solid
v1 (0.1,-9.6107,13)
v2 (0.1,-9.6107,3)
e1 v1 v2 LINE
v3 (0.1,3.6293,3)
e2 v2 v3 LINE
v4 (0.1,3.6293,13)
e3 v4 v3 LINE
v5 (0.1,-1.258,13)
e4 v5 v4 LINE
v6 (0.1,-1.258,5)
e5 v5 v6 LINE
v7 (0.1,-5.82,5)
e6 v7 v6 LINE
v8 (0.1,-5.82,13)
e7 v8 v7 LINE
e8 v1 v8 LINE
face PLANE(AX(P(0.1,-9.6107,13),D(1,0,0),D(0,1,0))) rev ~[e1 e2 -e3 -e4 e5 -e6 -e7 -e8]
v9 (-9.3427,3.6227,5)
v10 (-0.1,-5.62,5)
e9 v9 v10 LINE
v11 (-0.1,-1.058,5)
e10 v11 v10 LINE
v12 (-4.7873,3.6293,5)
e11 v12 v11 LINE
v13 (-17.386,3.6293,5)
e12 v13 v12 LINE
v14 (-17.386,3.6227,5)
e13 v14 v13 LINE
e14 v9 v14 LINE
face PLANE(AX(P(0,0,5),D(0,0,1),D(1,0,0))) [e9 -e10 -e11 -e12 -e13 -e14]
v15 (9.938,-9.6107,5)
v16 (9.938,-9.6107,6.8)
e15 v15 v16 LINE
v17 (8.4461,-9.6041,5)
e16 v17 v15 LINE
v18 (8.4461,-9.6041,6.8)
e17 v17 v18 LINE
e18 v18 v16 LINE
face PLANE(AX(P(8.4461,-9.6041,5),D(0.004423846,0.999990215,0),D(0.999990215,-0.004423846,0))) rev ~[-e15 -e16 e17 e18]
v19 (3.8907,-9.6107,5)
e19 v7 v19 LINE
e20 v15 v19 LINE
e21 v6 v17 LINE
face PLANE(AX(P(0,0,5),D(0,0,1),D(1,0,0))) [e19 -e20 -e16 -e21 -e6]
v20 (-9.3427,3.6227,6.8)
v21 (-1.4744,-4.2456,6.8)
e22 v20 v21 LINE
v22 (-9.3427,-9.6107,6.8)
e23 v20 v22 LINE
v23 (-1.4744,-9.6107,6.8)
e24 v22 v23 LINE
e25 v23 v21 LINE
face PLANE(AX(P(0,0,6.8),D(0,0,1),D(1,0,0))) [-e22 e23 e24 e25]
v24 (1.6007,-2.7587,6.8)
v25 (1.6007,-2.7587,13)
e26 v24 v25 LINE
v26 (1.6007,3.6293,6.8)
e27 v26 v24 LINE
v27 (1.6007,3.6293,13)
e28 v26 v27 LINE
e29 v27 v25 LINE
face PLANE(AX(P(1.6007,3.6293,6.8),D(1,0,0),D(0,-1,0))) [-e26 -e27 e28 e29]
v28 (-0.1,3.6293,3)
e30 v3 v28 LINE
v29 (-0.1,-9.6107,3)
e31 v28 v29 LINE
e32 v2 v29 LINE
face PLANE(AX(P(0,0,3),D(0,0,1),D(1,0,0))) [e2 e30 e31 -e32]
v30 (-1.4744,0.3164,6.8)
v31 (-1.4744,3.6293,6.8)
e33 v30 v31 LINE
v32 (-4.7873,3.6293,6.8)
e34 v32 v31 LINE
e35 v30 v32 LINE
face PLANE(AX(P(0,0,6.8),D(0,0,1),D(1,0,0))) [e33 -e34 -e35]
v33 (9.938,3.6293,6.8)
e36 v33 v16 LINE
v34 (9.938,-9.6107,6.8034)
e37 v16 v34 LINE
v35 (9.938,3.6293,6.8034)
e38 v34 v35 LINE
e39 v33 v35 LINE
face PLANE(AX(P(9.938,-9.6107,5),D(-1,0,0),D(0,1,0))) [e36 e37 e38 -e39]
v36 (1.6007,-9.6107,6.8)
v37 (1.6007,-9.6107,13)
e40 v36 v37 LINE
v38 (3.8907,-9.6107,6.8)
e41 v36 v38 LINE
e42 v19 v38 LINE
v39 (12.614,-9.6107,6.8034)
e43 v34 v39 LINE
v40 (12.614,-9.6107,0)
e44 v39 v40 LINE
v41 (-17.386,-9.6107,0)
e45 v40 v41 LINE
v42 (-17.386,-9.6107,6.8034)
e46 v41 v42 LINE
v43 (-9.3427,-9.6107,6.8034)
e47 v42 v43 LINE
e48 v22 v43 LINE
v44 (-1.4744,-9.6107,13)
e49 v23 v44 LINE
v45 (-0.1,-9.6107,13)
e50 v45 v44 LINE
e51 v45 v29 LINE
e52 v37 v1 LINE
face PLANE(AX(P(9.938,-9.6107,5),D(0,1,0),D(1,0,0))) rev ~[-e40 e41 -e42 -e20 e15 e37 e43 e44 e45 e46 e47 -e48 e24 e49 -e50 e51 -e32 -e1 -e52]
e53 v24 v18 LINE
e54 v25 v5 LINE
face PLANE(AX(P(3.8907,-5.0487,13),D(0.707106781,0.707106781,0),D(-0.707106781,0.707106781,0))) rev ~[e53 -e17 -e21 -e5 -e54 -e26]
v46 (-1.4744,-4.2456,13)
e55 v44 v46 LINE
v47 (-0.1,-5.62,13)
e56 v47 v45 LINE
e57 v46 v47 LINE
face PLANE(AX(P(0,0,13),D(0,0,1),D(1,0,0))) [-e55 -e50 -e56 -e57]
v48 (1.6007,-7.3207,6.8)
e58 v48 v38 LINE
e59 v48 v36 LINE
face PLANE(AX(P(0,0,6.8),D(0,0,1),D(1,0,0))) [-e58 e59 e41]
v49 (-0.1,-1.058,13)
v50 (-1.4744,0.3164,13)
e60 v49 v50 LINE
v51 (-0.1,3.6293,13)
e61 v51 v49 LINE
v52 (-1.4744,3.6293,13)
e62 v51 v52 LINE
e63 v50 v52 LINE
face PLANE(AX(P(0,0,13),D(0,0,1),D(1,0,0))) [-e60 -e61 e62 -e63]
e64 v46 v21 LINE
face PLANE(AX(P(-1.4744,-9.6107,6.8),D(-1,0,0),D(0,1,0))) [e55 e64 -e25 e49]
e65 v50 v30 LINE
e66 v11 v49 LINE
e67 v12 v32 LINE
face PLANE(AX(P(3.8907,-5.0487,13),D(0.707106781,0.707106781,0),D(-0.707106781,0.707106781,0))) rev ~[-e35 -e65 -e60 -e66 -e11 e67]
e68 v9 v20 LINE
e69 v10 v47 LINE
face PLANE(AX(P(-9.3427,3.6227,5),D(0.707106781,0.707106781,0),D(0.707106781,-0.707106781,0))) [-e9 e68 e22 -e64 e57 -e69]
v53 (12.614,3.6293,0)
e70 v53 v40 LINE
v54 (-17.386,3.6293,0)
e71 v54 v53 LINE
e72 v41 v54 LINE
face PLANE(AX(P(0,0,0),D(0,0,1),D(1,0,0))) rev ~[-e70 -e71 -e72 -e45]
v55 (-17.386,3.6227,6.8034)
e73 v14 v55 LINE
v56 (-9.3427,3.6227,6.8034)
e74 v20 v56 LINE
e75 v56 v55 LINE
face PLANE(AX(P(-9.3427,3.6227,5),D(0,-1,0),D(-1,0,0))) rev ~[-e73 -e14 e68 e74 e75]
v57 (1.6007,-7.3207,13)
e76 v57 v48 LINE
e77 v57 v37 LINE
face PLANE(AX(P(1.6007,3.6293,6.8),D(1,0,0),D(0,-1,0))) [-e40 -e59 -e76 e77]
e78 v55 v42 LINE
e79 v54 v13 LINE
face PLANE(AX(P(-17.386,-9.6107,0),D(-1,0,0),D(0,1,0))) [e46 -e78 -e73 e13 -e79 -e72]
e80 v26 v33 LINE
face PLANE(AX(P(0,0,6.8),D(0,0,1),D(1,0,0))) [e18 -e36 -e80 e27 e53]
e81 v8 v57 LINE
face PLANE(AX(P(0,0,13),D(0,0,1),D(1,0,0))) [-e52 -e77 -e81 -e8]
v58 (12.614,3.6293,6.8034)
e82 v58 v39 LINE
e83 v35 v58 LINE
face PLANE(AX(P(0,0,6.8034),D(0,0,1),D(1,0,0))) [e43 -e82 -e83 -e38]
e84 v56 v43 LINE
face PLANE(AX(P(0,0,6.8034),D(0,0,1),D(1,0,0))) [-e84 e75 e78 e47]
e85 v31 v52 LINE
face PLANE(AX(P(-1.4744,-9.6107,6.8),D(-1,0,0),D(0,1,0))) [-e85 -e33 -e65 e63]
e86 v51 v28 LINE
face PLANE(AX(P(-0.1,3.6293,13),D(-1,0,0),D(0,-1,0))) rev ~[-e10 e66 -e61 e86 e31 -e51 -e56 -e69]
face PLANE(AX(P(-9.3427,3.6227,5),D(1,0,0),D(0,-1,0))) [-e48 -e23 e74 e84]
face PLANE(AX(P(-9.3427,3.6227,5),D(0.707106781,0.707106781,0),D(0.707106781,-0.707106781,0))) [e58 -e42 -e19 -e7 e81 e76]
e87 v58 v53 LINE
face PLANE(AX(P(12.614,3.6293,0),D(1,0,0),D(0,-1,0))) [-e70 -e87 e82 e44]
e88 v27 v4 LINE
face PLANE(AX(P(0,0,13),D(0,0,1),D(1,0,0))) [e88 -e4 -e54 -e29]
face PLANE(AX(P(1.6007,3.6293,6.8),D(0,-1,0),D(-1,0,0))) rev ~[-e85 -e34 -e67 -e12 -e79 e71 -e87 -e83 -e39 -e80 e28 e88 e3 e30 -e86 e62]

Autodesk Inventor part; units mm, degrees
ref_plane "YZ Plane" through (0, 0, 0) normal (1, 0, 0) x (0, 1, 0)
ref_plane "XZ Plane" through (0, 0, 0) normal (0, 1, 0) x (-1, 0, 0)
ref_plane "XY Plane" through (0, 0, 0) normal (0, 0, 1) x (1, 0, 0)
sketch "Sketch1" plane through (0, 0, 0) normal (0, 0, 1) x (1, 0, 0)
  line L0 (-17.386, 3.6293) -> (12.614, 3.6293)
  line L1 (12.614, 3.6293) -> (12.614, -9.6107)
  line L2 (12.614, -9.6107) -> (-17.386, -9.6107)
  line L3 (-17.386, -9.6107) -> (-17.386, 3.6293)
  point P0 (0, 0)
  dimension "d0" = 30
  dimension "d1" = 13.24
extrude "Extrusion1" add sketch "Sketch1" along normal blind 5
sketch "Sketch5" plane through (0, 0, 5) normal (0, 0, 1) x (1, 0, 0)
  line L0 (-9.3427, 3.6227) -> (3.8907, -9.6107)
  line L1 (-4.7873, 3.6293) -> (8.4461, -9.6041)
  line L2 (-4.7873, 3.6293) -> (13.9275, 3.6293) construction
  line L3 (-9.3427, 3.6227) -> (-9.3427, -9.6107)
  line L4 (-9.3427, -9.6107) -> (3.8907, -9.6107)
  line L5 (3.8907, -9.6107) -> (3.8907, -9.6107)
  line L6 (-4.7873, 3.6293) -> (9.938, 3.6293)
  line L7 (12.614, 3.6293) -> (-17.386, 3.6293) projected
  line L8 (9.938, 3.6293) -> (9.938, -9.6107)
  line L9 (-17.386, -9.6107) -> (12.614, -9.6107) projected
  line L10 (8.4461, -9.6041) -> (9.938, -9.6107)
  line L11 (-9.3427, 3.6227) -> (-9.3427, -9.6107)
  line L12 (3.8907, -9.6107) -> (-9.3427, -9.6107)
  line L13 (3.8907, -9.6107) -> (-9.3427, 3.6227)
  line L14 (-4.7873, 3.6293) -> (8.4461, -9.6041)
  line L15 (8.4461, -9.6041) -> (9.938, -9.6107)
  line L16 (9.938, 3.6293) -> (9.938, -9.6107)
  line L17 (9.938, 3.6293) -> (-4.7873, 3.6293)
  point P0 (0, 0)
  dimension "d15" = 45
  dimension "d16" = 3.2258
  dimension "d17" = 13.2334
  dimension "d18" = 18.7148
  dimension "d19" = 18.7148
extrude "Extrusion5" add sketch "Sketch5" along normal blind 1.8
sketch "Sketch6" plane through (0, 0, 6.8) normal (0, 0, 1) x (1, 0, 0)
  line L0 (9.938, 3.6293) -> (-4.7873, 3.6293) projected
  line L1 (12.614, -9.6107) -> (-17.386, -9.6107) projected
  line L2 (-1.4744, 3.6293) -> (1.6007, 3.6293)
  line L3 (1.6007, 3.6293) -> (1.6007, -9.6107)
  line L4 (1.6007, -9.6107) -> (-1.4744, -9.6107)
  line L5 (-1.4744, -9.6107) -> (-1.4744, 3.6293)
  point P0 (0, 0)
extrude "Extrusion6" add sketch "Sketch6" along normal blind 6.2
sketch "Sketch9" plane through (0, 0, 13) normal (0, 0, 1) x (1, 0, 0)
  line L0 (-1.4744, -4.2456) -> (-9.3427, 3.6227) projected
  line L1 (-9.3427, 3.6227) -> (3.8907, -9.6107) projected
  line L2 (-1.4744, -4.2456) -> (3.8907, -9.6107)
  line L3 (3.8907, -9.6107) -> (3.8907, -5.0487)
  line L4 (8.4461, -9.6041) -> (-4.7873, 3.6293) projected
  line L5 (3.8907, -5.0487) -> (-2.9105, 1.7525)
  line L6 (-2.9105, 1.7525) -> (-2.9105, -2.8095)
  line L7 (-1.4744, -4.2456) -> (-2.9105, -2.8095)
  point P0 (0, 0)
extrude "Extrusion7" cut sketch "Sketch9" against normal blind 6.3
sketch "Sketch10" plane through (0, 0, 13) normal (0, 0, 1) x (1, 0, 0)
  line L0 (12.614, -9.6107) -> (-17.386, -9.6107) projected
  line L1 (1.6007, 3.6293) -> (-1.4744, 3.6293) projected
  line L2 (-0.1, -9.6107) -> (0.1, -9.6107)
  line L3 (0.1, -9.6107) -> (0.1, 3.6293)
  line L4 (0.1, 3.6293) -> (-0.1, 3.6293)
  line L5 (-0.1, 3.6293) -> (-0.1, -9.6107)
  line L6 (0, -6.9346) -> (0, -6.5072) construction
  point P0 (0, 0)
  dimension "d26" = 0.2
extrude "Extrusion8" cut sketch "Sketch10" against normal blind 10
sketch "Sketch11" plane through (0, 0, 5) normal (0, 0, 1) x (1, 0, 0)
  line L0 (9.938, 3.6293) -> (1.6007, 3.6293) projected
  line L1 (9.938, -9.6107) -> (12.614, -9.6107) projected
  line L2 (9.938, 3.6293) -> (12.614, 3.6293)
  line L3 (12.614, 3.6293) -> (12.614, -9.6107)
  line L4 (12.614, -9.6107) -> (9.938, -9.6107)
  line L5 (9.938, -9.6107) -> (9.938, 3.6293)
  line L6 (-17.386, -9.6107) -> (-9.3427, -9.6107) projected
  line L7 (-9.3427, 3.6227) -> (-9.3427, -9.6107) projected
  line L8 (-17.386, -9.6107) -> (-9.3427, -9.6107)
  line L9 (-9.3427, -9.6107) -> (-9.3427, 3.6227)
  line L10 (-9.3427, 3.6227) -> (-17.386, 3.6227)
  line L11 (-17.386, 3.6227) -> (-17.386, -9.6107)
  point P0 (0, 0)
extrude "Extrusion9" add sketch "Sketch11" along normal blind 1.8034
properties part number "BalsaBoi2"
